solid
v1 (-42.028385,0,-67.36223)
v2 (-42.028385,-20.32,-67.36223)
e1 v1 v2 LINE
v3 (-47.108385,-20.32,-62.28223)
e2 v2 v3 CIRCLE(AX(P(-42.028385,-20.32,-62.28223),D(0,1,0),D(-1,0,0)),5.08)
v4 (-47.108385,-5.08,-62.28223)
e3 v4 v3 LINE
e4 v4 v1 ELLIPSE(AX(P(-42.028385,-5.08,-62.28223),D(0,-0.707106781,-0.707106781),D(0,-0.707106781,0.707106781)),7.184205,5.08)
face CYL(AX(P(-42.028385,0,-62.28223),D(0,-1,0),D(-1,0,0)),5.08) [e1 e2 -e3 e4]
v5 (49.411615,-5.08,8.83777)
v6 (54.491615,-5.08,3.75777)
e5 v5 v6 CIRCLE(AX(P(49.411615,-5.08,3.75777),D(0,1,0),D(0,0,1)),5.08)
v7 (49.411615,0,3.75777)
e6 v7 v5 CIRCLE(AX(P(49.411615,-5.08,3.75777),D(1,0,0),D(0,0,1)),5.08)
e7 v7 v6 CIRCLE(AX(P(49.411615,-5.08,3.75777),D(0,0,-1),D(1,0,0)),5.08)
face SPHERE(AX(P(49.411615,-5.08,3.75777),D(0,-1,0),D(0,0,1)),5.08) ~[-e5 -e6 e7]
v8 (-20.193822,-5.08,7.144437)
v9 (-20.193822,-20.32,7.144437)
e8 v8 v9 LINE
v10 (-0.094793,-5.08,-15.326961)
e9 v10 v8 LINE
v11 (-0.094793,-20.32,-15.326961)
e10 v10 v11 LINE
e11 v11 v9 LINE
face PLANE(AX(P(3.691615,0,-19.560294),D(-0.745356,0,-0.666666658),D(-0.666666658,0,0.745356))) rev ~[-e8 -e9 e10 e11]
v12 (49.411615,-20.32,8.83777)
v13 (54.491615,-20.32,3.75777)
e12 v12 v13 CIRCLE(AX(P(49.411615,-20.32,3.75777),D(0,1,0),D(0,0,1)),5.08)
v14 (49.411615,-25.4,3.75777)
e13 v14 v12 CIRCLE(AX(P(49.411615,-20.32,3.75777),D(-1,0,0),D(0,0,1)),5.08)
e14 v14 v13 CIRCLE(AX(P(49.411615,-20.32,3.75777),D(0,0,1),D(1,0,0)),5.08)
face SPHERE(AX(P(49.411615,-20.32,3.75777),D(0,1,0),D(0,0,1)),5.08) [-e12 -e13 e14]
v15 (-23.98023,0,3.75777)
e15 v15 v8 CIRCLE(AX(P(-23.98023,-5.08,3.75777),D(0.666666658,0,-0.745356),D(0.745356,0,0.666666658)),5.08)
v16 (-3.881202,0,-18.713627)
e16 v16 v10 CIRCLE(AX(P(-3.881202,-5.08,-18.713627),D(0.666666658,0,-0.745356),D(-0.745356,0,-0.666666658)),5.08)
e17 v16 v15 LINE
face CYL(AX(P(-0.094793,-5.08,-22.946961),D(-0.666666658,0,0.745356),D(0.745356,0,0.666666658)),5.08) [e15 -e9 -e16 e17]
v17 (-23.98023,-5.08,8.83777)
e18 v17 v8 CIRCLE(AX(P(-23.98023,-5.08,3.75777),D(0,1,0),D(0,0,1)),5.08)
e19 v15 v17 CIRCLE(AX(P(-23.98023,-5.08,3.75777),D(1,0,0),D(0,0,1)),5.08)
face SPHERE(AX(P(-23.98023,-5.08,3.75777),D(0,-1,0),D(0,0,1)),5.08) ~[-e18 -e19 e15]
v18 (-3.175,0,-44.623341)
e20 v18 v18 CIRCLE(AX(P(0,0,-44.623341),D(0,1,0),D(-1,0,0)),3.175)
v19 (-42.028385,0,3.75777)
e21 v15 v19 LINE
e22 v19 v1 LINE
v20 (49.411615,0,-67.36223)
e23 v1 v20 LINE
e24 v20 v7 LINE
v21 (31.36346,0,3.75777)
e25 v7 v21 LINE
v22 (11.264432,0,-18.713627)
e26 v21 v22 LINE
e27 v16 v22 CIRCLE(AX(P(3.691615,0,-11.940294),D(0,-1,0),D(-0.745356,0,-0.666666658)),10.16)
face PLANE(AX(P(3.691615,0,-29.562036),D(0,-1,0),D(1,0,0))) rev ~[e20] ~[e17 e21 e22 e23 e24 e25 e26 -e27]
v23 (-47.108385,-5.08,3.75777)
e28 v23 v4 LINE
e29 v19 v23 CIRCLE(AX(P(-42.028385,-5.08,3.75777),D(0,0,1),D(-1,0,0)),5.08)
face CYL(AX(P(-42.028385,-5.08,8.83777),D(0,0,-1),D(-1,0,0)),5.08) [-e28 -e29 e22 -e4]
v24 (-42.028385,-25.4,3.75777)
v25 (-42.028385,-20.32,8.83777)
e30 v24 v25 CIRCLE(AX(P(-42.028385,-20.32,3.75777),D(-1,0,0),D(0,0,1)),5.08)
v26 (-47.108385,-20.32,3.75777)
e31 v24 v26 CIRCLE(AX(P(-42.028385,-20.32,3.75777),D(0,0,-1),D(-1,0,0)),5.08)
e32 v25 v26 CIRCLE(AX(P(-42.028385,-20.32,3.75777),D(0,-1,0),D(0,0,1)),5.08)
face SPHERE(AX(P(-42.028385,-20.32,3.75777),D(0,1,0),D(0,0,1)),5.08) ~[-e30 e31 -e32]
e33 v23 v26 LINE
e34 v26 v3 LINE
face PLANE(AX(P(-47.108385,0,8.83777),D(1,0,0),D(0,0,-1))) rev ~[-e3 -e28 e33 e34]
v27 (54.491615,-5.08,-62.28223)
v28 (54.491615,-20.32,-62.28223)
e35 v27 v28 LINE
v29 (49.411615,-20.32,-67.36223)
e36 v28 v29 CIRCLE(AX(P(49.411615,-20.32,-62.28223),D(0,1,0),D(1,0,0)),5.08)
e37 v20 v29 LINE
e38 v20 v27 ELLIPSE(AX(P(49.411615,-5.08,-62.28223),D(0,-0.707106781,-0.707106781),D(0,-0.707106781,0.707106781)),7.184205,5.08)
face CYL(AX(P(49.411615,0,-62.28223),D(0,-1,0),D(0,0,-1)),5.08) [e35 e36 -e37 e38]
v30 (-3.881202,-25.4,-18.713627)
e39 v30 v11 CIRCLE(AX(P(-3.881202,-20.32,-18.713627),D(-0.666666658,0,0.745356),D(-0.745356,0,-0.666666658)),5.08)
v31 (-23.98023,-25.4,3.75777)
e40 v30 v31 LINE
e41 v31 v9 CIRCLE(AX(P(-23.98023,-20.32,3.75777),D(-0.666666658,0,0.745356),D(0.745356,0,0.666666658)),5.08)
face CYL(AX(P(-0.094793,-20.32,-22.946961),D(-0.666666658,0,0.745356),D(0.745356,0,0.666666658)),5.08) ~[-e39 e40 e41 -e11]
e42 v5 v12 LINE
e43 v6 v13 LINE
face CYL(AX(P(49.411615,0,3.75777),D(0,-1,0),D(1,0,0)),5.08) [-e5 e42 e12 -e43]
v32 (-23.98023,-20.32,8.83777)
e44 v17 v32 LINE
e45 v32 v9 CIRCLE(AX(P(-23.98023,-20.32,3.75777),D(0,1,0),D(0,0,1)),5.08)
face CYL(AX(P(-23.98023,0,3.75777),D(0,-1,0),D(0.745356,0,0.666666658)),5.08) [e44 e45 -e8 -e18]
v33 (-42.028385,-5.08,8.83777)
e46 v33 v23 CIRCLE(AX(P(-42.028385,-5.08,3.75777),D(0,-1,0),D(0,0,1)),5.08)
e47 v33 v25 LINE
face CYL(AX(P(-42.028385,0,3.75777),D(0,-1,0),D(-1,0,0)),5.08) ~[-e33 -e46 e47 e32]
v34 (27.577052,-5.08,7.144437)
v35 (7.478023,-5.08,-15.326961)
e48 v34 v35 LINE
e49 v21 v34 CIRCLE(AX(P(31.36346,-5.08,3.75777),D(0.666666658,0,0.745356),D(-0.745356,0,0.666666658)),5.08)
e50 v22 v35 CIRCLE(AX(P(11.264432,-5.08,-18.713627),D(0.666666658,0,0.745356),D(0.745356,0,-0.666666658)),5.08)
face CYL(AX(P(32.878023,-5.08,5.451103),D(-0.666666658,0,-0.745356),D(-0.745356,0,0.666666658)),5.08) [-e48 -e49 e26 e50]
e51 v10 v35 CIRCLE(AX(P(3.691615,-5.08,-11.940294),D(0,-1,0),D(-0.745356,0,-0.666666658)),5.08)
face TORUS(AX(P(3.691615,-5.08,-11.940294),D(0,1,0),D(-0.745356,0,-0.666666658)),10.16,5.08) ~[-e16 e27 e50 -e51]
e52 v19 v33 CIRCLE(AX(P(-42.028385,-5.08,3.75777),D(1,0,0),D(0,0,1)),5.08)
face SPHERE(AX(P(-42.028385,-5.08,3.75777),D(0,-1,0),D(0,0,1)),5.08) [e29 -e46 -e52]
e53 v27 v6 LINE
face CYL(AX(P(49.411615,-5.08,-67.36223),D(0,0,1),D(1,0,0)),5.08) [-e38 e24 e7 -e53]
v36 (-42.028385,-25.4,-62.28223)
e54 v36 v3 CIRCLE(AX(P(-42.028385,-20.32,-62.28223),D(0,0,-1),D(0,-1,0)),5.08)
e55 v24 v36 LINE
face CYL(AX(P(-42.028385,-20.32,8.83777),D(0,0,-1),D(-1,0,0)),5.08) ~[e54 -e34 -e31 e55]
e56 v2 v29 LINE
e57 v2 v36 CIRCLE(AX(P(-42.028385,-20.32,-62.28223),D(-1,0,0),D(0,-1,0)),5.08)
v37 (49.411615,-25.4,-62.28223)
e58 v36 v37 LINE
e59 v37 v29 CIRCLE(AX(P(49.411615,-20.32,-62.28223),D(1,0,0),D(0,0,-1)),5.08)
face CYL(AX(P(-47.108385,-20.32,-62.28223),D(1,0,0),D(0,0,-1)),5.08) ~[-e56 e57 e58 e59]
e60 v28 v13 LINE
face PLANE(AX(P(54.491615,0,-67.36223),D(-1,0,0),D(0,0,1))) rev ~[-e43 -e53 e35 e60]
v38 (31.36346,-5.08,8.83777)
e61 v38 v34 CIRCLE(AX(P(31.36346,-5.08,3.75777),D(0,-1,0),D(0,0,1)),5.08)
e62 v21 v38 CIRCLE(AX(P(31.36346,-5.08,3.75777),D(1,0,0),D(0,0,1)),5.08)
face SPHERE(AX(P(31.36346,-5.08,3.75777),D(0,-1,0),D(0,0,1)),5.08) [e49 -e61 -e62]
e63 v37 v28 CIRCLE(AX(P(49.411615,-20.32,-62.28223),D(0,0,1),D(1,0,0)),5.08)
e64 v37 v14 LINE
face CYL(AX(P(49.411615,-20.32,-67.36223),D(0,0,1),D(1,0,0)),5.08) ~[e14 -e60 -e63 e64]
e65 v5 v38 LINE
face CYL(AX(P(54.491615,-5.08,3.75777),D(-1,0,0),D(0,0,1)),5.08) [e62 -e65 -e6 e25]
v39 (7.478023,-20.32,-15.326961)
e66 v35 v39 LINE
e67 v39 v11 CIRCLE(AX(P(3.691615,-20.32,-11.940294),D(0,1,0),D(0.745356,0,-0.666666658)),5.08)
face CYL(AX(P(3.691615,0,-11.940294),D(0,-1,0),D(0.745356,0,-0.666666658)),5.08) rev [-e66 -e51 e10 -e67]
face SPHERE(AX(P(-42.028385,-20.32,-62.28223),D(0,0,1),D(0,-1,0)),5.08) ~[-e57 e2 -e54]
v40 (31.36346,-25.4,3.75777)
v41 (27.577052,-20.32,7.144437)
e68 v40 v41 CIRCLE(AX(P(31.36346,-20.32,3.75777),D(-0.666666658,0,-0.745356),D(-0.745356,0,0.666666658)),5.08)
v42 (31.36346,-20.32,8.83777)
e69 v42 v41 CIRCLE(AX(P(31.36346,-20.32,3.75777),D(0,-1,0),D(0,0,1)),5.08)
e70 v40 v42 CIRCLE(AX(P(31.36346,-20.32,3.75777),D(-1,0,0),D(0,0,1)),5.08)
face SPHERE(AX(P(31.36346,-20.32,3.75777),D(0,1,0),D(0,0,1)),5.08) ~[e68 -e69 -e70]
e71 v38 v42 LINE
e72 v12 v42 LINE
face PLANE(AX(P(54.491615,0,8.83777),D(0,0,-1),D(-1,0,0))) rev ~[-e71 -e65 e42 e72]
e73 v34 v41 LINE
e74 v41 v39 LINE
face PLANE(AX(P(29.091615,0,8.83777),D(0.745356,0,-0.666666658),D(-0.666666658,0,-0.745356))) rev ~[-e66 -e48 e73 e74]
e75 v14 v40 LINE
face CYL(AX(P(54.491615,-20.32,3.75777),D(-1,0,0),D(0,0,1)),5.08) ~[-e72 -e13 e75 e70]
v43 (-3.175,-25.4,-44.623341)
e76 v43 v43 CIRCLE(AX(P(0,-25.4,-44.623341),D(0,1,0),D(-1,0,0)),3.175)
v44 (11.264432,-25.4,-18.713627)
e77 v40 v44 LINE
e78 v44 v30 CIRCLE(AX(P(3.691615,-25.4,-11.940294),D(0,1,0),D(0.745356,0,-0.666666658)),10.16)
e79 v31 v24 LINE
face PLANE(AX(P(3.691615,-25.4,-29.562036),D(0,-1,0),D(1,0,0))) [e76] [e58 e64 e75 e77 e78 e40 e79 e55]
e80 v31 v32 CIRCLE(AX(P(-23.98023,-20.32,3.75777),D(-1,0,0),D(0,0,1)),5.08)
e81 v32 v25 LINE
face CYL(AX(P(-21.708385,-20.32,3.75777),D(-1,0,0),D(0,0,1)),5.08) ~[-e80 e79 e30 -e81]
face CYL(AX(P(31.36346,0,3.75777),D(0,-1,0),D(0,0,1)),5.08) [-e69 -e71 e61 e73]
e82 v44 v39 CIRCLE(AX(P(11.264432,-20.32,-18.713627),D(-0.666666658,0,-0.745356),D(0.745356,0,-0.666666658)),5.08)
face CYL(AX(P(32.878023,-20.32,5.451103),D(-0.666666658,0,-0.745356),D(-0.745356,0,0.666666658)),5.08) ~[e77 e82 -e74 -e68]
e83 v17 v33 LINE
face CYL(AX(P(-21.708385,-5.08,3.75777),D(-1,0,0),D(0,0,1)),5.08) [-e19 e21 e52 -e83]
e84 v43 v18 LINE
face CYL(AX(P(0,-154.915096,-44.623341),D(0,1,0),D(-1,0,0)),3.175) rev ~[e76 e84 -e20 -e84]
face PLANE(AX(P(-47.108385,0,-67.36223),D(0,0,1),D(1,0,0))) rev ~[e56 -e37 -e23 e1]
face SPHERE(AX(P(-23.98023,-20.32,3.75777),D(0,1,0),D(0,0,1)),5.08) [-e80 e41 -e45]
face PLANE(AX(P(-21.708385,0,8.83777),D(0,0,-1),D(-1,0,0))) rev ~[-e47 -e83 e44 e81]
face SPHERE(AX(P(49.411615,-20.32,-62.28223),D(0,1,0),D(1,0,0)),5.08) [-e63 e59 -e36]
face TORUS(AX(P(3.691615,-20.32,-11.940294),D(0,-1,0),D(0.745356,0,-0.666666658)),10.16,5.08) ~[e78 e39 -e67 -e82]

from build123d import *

# Parameters (mm, degrees)
F1_DEPTH = 25.4
F2_R     = 5.08
F4_D     = 6.35


with BuildPart() as f1:
    # F0 (on Front) → F1 (new body)
    with BuildSketch(Plane.XZ):
        Polygon((-47.108385, 8.83777), (-47.108385, -67.36223), (54.491615, -67.36223), (54.491615, 8.83777), (29.091615, 8.83777), (3.691615, -19.560294), (-21.708385, 8.83777), align=None)
    extrude(amount=F1_DEPTH)

    # F2
    f2_edges = [f1.edges().sort_by_distance(p)[0] for p in [
        (-21.708385, -12.7, 8.83777),
        (-47.108385, -12.7, 8.83777),
        (-34.408385, 0, 8.83777),
        (-34.408385, -25.4, 8.83777),
        (54.491615, -12.7, 8.83777),
        (29.091615, -12.7, 8.83777),
        (41.791615, 0, 8.83777),
        (41.791615, -25.4, 8.83777),
        (54.491615, -12.7, -67.36223),
        (54.491615, 0, -29.26223),
        (54.491615, -25.4, -29.26223),
        (-47.108385, -25.4, -29.26223),
        (3.691615, -25.4, -67.36223),
        (16.391615, -25.4, -5.361262),
        (-9.008385, -25.4, -5.361262),
        (3.691615, -12.7, -19.560294),
        (-9.008385, 0, -5.361262),
        (16.391615, 0, -5.361262),
        (-47.108385, -12.7, -67.36223),
        (-47.108385, 0, -29.26223),
    ]]
    fillet(f2_edges, radius=F2_R)

    # F4 (through all)
    with Locations(Plane.XZ.offset(25.4)):
        with Locations((0, -44.623341)):
            Hole(F4_D / 2)


solid = f1.part
